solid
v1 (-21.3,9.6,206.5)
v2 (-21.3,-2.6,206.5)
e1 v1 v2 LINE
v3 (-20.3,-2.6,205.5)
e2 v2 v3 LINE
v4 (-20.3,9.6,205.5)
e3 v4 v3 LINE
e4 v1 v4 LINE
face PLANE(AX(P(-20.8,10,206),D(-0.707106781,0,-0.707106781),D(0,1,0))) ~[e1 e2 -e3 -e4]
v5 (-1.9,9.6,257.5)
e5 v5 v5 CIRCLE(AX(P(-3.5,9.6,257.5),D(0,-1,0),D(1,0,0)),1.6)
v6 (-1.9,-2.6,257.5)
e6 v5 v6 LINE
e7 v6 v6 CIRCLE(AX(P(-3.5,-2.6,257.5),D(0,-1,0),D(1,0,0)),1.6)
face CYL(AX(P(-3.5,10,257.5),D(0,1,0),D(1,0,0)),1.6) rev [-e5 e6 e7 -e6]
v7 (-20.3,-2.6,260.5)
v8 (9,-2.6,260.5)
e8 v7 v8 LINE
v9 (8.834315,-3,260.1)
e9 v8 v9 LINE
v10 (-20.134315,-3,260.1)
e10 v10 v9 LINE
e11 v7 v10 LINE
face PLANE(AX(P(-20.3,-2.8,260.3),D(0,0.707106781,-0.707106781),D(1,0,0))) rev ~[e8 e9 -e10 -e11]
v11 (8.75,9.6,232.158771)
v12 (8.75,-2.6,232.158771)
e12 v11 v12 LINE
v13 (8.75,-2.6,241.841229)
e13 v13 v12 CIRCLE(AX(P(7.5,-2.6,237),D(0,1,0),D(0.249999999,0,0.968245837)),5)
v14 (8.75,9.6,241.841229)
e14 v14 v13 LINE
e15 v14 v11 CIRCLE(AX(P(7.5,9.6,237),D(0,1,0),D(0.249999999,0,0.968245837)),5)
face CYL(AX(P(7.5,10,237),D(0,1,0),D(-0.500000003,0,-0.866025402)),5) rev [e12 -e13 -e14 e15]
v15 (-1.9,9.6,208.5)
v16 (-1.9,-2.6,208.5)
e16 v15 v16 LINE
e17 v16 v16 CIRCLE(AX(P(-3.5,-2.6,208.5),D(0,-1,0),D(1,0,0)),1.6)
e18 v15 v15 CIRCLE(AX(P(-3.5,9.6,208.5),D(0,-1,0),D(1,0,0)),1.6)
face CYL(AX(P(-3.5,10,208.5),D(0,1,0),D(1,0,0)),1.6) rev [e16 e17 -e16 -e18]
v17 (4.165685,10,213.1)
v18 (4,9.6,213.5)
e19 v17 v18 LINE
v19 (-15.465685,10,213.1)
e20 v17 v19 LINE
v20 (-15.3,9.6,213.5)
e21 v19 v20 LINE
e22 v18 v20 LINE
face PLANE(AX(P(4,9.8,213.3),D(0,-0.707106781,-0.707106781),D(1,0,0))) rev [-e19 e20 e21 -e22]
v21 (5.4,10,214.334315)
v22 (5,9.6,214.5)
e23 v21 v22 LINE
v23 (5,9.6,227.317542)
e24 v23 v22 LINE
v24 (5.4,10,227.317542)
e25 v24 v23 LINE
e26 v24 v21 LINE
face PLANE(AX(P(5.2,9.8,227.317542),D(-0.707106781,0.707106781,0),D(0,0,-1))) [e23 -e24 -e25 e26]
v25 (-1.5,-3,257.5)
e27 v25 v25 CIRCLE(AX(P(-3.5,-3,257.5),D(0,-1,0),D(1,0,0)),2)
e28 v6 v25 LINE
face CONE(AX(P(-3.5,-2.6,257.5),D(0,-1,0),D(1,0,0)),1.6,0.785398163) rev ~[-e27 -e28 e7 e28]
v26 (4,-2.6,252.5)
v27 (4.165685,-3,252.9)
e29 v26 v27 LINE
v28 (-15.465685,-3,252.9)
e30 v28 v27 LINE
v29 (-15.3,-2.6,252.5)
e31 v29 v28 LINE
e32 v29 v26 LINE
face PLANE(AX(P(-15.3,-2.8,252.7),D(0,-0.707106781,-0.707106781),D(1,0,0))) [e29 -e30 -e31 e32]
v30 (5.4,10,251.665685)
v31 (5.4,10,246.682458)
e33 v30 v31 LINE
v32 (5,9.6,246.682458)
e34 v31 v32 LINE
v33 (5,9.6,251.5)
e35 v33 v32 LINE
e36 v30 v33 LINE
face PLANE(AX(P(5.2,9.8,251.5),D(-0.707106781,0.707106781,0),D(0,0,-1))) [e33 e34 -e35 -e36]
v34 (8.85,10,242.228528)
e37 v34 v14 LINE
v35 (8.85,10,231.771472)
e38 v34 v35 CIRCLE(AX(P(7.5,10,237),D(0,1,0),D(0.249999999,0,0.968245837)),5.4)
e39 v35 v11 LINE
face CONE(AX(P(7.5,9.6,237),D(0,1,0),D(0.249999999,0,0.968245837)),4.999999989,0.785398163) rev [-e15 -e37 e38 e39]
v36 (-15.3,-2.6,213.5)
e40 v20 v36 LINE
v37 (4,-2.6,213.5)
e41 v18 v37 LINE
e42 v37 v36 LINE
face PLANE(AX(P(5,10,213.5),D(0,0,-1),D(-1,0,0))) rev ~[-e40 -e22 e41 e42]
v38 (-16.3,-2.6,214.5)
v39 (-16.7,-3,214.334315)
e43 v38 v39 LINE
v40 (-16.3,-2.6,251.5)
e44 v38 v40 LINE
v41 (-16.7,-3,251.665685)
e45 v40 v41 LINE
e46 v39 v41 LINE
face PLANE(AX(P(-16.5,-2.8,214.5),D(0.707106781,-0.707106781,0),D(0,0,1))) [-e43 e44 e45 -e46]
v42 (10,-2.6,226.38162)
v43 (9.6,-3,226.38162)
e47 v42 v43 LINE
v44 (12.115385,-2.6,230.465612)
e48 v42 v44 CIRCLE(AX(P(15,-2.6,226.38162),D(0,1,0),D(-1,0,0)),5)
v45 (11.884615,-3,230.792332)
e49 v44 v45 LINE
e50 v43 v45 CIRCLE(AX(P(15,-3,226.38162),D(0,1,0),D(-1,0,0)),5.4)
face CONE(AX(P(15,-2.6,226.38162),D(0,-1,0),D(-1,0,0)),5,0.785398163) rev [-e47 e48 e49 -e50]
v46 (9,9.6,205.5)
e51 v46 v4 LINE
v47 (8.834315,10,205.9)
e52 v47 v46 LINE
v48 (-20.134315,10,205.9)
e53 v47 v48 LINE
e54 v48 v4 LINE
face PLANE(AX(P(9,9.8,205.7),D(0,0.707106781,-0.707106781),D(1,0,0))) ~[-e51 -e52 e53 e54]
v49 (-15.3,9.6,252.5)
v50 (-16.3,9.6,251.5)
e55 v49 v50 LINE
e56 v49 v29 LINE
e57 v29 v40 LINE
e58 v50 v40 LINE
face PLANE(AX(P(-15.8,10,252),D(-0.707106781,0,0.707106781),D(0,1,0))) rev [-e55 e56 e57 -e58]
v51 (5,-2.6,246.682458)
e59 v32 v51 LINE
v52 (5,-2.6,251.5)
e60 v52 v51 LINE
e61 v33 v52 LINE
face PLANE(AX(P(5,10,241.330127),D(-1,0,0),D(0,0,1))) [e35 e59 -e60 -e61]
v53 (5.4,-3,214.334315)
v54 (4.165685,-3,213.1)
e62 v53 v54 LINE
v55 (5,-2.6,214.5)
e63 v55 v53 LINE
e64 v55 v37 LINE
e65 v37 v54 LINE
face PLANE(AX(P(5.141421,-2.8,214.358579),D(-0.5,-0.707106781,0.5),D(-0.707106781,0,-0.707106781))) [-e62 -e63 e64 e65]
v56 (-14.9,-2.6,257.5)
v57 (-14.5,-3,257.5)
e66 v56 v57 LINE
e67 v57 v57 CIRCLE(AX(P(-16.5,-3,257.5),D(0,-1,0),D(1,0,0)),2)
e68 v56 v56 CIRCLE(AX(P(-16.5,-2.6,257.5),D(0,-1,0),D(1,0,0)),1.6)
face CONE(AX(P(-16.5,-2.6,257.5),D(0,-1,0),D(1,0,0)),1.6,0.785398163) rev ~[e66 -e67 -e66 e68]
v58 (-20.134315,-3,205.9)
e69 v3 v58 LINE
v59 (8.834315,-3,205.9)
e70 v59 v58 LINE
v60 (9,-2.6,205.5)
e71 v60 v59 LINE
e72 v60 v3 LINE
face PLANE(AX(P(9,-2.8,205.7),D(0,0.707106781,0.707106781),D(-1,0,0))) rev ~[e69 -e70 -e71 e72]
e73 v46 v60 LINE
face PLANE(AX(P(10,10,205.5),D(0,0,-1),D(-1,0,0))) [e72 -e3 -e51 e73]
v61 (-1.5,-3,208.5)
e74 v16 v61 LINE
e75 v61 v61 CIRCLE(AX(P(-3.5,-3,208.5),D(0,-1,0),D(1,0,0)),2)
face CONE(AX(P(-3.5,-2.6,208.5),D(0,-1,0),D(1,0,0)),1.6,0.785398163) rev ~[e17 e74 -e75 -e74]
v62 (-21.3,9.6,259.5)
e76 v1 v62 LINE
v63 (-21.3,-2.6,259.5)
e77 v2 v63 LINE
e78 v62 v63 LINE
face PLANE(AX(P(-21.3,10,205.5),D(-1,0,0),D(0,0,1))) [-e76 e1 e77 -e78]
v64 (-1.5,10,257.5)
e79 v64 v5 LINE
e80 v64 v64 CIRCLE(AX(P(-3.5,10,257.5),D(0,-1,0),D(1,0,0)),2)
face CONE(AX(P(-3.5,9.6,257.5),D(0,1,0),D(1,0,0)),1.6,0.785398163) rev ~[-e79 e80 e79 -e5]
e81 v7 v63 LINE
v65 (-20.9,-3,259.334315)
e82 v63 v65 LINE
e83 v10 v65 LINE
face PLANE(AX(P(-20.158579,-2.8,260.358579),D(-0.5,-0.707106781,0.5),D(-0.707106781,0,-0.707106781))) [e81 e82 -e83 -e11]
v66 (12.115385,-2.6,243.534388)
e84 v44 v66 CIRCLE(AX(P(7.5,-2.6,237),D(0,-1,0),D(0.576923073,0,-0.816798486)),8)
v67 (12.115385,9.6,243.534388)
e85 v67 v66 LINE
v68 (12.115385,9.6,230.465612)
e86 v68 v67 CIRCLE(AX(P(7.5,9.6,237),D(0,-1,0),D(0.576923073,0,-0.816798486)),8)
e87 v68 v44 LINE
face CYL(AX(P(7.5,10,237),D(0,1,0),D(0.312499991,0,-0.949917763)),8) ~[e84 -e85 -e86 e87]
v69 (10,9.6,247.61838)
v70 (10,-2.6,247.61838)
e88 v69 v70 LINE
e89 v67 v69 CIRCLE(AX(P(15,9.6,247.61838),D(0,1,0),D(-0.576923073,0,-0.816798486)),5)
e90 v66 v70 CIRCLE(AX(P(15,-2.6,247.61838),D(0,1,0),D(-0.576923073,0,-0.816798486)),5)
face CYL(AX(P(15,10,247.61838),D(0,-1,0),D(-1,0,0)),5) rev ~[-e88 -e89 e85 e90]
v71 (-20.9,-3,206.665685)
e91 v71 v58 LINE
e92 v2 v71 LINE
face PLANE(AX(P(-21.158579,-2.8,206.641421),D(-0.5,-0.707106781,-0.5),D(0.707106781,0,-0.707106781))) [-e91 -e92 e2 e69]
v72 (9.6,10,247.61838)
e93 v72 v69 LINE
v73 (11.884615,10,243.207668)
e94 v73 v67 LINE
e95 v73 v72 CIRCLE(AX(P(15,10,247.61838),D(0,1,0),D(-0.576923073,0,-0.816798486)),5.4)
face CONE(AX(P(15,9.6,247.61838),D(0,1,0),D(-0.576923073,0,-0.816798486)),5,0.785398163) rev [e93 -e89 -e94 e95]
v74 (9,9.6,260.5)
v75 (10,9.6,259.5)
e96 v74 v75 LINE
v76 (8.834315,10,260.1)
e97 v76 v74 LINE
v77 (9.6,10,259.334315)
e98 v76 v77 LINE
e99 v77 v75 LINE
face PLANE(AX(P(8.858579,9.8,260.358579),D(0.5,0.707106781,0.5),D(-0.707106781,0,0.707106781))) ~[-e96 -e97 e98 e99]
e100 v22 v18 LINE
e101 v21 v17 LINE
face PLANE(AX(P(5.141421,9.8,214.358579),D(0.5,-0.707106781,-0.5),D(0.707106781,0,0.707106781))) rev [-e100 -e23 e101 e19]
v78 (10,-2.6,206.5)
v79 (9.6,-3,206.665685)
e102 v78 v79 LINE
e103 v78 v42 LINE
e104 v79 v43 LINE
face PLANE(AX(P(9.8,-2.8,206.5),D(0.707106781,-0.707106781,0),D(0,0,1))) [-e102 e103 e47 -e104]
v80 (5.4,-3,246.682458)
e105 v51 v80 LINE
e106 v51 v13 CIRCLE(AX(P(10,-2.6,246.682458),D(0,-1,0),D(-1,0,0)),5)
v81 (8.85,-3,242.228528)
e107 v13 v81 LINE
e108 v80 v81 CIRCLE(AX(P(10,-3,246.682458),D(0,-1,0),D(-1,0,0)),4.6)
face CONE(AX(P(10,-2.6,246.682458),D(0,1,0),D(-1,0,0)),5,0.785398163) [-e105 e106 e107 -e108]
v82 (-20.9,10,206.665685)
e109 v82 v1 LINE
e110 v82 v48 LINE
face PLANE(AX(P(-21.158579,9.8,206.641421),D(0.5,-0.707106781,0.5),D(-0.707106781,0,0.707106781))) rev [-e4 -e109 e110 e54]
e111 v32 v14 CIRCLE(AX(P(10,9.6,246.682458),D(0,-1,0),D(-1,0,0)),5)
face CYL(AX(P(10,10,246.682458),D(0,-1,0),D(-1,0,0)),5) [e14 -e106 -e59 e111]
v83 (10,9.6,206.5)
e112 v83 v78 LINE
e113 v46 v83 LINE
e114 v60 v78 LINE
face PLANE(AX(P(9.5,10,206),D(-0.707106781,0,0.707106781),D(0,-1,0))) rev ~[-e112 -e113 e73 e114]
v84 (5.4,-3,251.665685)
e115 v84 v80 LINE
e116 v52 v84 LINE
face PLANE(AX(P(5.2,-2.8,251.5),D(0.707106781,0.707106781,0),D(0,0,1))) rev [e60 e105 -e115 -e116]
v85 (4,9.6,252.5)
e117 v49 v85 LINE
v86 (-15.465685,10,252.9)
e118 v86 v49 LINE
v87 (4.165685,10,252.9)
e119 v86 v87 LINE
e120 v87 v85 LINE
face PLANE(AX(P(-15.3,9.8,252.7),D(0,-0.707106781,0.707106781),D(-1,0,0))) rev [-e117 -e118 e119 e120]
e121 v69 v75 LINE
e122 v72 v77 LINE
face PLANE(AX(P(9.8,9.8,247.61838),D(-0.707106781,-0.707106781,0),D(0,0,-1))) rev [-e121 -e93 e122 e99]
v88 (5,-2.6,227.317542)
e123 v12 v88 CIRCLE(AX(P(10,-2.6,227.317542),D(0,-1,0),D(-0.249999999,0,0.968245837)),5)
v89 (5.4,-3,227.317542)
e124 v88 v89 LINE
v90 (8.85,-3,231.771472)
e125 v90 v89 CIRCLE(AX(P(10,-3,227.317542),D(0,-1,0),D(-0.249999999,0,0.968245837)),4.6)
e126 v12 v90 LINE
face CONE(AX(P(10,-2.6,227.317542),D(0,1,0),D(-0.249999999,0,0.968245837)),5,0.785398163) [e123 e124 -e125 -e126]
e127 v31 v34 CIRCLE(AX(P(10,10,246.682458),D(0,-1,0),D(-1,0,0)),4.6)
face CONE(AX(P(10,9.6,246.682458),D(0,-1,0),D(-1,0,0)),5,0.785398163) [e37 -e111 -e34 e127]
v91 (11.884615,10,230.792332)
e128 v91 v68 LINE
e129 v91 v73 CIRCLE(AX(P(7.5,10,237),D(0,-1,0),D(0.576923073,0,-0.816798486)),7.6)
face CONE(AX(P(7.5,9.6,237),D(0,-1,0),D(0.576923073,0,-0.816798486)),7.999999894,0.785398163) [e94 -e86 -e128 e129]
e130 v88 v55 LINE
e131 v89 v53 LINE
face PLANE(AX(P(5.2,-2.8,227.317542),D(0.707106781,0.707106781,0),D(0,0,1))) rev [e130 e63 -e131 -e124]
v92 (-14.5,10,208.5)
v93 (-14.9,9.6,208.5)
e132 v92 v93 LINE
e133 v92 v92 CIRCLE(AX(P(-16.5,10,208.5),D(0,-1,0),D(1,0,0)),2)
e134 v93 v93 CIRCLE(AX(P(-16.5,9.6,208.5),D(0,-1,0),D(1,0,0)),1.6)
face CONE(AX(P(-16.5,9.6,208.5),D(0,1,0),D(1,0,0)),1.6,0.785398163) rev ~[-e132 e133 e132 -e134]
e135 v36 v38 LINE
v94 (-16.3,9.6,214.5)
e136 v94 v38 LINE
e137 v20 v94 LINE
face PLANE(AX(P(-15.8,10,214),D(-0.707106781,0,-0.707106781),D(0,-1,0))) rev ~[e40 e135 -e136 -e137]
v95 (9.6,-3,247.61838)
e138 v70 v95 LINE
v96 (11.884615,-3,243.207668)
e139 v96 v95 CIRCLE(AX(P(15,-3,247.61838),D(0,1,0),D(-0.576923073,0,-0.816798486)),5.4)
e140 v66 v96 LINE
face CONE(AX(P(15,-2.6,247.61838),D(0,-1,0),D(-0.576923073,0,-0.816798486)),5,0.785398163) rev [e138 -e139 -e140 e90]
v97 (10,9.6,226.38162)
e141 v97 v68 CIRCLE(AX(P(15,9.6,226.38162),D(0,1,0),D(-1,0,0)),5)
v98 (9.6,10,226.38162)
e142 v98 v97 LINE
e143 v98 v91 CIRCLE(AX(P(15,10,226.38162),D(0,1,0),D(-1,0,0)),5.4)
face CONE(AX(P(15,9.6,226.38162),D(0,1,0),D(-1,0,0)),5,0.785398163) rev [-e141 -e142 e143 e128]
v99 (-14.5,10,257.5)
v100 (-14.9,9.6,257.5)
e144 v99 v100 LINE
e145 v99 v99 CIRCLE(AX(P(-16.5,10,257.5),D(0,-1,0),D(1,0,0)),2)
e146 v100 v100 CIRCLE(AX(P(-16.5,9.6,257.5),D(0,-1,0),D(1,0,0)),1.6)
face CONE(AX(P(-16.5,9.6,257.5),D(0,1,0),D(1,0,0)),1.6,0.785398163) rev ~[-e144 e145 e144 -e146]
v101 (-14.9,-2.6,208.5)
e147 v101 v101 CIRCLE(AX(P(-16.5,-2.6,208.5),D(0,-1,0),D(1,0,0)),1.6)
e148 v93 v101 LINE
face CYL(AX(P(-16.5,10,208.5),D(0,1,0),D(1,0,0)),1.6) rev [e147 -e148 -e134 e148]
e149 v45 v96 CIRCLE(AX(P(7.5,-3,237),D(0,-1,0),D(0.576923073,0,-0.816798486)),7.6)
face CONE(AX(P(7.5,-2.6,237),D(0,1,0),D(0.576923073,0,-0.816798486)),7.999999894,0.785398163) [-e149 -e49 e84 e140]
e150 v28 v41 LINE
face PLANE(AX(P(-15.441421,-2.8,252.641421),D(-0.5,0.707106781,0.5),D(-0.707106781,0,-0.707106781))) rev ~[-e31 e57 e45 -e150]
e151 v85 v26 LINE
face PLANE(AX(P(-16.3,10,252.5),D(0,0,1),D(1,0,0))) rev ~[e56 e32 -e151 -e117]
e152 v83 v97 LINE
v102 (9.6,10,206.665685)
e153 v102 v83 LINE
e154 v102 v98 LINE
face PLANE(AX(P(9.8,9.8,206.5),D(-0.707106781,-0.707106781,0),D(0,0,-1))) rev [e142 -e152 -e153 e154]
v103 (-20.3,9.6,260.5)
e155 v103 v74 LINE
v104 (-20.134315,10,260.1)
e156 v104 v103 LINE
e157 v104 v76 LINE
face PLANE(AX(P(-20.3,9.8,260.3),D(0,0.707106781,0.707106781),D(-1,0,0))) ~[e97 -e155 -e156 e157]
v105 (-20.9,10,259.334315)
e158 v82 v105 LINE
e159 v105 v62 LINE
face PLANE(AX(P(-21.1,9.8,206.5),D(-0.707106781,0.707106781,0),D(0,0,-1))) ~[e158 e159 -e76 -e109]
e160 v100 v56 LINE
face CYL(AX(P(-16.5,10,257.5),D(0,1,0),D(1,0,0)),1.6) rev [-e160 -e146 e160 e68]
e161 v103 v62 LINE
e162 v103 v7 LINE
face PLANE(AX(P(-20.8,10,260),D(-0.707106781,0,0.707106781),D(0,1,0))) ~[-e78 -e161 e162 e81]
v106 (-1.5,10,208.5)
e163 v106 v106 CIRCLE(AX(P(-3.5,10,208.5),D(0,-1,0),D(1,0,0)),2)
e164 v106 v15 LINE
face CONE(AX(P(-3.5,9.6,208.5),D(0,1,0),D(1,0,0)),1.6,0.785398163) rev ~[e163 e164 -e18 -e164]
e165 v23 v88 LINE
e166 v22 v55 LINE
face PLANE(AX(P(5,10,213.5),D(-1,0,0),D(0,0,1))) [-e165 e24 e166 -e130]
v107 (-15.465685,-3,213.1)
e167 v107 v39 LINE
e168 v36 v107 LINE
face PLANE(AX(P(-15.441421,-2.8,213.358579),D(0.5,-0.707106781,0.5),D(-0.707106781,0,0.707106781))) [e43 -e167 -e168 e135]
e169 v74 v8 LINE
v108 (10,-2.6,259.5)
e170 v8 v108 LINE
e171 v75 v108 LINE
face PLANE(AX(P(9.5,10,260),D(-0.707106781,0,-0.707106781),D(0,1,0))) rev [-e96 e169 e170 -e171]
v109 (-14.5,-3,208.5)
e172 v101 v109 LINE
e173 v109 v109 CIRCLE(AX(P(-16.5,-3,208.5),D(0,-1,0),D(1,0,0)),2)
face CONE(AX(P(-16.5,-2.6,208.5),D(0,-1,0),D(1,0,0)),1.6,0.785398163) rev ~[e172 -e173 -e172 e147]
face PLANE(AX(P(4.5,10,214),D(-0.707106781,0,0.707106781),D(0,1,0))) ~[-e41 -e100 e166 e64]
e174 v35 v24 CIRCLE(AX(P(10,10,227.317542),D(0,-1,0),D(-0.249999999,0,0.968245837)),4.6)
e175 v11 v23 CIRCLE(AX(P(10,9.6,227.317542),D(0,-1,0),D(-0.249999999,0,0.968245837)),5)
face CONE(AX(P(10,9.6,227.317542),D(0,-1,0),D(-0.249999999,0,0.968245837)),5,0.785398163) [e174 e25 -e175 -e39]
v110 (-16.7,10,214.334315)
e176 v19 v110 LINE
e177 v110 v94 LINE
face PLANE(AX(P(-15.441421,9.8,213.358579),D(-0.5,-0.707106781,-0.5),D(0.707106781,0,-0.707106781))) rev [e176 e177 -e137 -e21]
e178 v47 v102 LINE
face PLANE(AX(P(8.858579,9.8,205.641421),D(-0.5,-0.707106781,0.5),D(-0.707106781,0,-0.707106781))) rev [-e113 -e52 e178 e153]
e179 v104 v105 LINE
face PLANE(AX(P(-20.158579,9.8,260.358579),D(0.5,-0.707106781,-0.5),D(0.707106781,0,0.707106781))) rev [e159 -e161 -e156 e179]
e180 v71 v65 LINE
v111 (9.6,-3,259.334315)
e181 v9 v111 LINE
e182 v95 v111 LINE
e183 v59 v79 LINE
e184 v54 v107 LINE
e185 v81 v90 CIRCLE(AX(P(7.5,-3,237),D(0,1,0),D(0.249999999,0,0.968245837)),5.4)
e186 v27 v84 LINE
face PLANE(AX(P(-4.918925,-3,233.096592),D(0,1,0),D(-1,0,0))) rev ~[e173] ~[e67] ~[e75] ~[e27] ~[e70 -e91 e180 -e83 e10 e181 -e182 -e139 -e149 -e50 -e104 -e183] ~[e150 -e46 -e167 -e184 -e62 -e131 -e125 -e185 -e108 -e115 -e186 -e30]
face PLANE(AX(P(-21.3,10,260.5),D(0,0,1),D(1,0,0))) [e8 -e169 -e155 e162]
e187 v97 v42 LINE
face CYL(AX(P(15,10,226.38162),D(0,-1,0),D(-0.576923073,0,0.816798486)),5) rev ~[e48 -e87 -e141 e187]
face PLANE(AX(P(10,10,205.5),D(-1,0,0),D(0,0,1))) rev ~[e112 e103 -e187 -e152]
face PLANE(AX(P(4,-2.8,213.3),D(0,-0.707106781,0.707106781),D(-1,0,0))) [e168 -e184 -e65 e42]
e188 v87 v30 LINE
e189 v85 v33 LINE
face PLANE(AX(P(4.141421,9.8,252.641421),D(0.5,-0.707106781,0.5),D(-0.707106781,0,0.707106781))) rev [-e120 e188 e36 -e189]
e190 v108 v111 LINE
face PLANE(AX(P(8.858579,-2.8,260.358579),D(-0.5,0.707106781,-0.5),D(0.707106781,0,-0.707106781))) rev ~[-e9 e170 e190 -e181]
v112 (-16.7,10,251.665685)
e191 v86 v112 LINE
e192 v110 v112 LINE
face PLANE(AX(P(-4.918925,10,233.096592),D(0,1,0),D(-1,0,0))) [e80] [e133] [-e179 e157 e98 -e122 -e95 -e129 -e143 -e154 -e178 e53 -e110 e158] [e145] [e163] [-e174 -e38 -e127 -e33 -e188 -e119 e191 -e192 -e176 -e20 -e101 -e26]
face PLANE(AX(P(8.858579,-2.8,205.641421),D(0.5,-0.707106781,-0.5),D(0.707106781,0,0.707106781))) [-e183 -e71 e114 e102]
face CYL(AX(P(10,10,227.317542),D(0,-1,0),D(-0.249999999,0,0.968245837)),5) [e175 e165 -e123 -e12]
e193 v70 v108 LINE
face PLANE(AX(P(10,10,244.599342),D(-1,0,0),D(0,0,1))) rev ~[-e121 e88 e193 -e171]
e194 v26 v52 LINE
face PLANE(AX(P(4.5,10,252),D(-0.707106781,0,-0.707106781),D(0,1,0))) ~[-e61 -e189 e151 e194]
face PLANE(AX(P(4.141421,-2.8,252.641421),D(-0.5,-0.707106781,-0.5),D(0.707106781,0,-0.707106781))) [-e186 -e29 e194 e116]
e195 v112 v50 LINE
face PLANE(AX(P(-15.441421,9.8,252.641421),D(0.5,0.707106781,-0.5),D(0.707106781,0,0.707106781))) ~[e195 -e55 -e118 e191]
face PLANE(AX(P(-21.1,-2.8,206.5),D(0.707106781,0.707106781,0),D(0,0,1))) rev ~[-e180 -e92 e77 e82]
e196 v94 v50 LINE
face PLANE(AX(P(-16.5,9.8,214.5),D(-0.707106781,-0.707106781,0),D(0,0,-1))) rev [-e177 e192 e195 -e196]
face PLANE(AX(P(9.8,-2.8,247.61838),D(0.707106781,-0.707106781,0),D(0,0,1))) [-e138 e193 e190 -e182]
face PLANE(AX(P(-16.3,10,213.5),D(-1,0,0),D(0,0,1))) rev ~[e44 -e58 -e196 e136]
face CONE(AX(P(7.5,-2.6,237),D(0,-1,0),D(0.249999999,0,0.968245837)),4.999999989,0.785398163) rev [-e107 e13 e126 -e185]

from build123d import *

# Parameters (mm, degrees)
SKETCH151_R     = 1.6
PAD085_DEPTH    = 13
CHAMFER055_SIZE = 1
FILLET050_R     = 5
CHAMFER061_SIZE = 0.4


with BuildPart() as part:
    # Sketch151 → Pad085 (new body)
    with BuildSketch(Plane.XZ):
        with BuildLine():
            Line((-11.3, 27.5), (20, 27.5))
            Line((20, 11.599342), (20, 27.5))
            ThreePointArc((20, -3.599342), (25.5, 4), (20, 11.599342))
            Line((20, -27.5), (20, -3.599342))
            Line((20, -27.5), (-11.3, -27.5))
            Line((-11.3, -27.5), (-11.3, 27.5))
        make_face()
        with Locations((-6.5, 24.5)):
            Circle(SKETCH151_R, mode=Mode.SUBTRACT)
        with Locations((6.5, 24.5)):
            Circle(SKETCH151_R, mode=Mode.SUBTRACT)
        with Locations((-6.5, -24.5)):
            Circle(SKETCH151_R, mode=Mode.SUBTRACT)
        with Locations((6.5, -24.5)):
            Circle(SKETCH151_R, mode=Mode.SUBTRACT)
        with BuildLine():
            Line((-6.3, 19.5), (15, 19.5))
            Line((15, 8.330127), (15, 19.5))
            ThreePointArc((15, -0.330127), (22.5, 4), (15, 8.330127))
            Line((15, -19.5), (15, -0.330127))
            Line((15, -19.5), (-6.3, -19.5))
            Line((-6.3, -19.5), (-6.3, 19.5))
        make_face(mode=Mode.SUBTRACT)
    extrude(amount=PAD085_DEPTH)

    # Chamfer055
    chamfer055_edges = [part.edges().sort_by_distance(p)[0] for p in [
        (-11.3, -6.5, -27.5),
        (20, -6.5, -27.5),
        (-11.3, -6.5, 27.5),
        (20, -6.5, 27.5),
        (-6.3, -6.5, 19.5),
        (-6.3, -6.5, -19.5),
        (15, -6.5, -19.5),
        (15, -6.5, 19.5),
    ]]
    chamfer(chamfer055_edges, length=CHAMFER055_SIZE)

    # Fillet050
    fillet050_edges = [part.edges().sort_by_distance(p)[0] for p in [
        (15, -6.5, 8.330127),
        (15, -6.5, -0.330127),
        (20, -6.5, -3.599342),
        (20, -6.5, 11.599342),
    ]]
    fillet(fillet050_edges, radius=FILLET050_R)

    # Chamfer061
    chamfer061_edges = [part.edges().sort_by_distance(p)[0] for p in [
        (16.047153, -13, 10.620596),
        (16.047153, 0, 10.620596),
        (14.5, -13, 19),
        (4.35, -13, 19.5),
        (-5.8, -13, 19),
        (-6.3, -13, 0),
        (-5.8, -13, -19),
        (4.35, -13, -19.5),
        (14.5, -13, -19),
        (14.5, 0, -19),
        (4.35, 0, -19.5),
        (-5.8, 0, -19),
        (-6.3, 0, 0),
        (-5.8, 0, 19),
        (4.35, 0, 19.5),
        (14.5, 0, 19),
        (-11.3, -13, 0),
        (-10.8, -13, 27),
        (4.35, -13, 27.5),
        (19.5, -13, 27),
        (20, -13, 20.55919),
        (19.5, -13, -27),
        (4.35, -13, -27.5),
        (-10.8, -13, -27),
        (-11.3, 0, 0),
        (-10.8, 0, 27),
        (4.35, 0, 27.5),
        (20, 0, 20.55919),
        (19.5, 0, 27),
        (19.5, 0, -27),
        (-10.8, 0, -27),
        (4.35, 0, -27.5),
        (-8.1, 0, 24.5),
        (4.9, 0, 24.5),
        (4.9, -13, 24.5),
        (-8.1, -13, 24.5),
        (4.9, 0, -24.5),
        (-8.1, 0, -24.5),
        (-8.1, -13, -24.5),
        (4.9, -13, -24.5),
    ]]
    chamfer(chamfer061_edges, length=CHAMFER061_SIZE)


with BuildPart() as part_1:
    # Body073 placement: moved
    add(part.part.moved(Location((-10, 10, 233))))


solid = part_1.part
